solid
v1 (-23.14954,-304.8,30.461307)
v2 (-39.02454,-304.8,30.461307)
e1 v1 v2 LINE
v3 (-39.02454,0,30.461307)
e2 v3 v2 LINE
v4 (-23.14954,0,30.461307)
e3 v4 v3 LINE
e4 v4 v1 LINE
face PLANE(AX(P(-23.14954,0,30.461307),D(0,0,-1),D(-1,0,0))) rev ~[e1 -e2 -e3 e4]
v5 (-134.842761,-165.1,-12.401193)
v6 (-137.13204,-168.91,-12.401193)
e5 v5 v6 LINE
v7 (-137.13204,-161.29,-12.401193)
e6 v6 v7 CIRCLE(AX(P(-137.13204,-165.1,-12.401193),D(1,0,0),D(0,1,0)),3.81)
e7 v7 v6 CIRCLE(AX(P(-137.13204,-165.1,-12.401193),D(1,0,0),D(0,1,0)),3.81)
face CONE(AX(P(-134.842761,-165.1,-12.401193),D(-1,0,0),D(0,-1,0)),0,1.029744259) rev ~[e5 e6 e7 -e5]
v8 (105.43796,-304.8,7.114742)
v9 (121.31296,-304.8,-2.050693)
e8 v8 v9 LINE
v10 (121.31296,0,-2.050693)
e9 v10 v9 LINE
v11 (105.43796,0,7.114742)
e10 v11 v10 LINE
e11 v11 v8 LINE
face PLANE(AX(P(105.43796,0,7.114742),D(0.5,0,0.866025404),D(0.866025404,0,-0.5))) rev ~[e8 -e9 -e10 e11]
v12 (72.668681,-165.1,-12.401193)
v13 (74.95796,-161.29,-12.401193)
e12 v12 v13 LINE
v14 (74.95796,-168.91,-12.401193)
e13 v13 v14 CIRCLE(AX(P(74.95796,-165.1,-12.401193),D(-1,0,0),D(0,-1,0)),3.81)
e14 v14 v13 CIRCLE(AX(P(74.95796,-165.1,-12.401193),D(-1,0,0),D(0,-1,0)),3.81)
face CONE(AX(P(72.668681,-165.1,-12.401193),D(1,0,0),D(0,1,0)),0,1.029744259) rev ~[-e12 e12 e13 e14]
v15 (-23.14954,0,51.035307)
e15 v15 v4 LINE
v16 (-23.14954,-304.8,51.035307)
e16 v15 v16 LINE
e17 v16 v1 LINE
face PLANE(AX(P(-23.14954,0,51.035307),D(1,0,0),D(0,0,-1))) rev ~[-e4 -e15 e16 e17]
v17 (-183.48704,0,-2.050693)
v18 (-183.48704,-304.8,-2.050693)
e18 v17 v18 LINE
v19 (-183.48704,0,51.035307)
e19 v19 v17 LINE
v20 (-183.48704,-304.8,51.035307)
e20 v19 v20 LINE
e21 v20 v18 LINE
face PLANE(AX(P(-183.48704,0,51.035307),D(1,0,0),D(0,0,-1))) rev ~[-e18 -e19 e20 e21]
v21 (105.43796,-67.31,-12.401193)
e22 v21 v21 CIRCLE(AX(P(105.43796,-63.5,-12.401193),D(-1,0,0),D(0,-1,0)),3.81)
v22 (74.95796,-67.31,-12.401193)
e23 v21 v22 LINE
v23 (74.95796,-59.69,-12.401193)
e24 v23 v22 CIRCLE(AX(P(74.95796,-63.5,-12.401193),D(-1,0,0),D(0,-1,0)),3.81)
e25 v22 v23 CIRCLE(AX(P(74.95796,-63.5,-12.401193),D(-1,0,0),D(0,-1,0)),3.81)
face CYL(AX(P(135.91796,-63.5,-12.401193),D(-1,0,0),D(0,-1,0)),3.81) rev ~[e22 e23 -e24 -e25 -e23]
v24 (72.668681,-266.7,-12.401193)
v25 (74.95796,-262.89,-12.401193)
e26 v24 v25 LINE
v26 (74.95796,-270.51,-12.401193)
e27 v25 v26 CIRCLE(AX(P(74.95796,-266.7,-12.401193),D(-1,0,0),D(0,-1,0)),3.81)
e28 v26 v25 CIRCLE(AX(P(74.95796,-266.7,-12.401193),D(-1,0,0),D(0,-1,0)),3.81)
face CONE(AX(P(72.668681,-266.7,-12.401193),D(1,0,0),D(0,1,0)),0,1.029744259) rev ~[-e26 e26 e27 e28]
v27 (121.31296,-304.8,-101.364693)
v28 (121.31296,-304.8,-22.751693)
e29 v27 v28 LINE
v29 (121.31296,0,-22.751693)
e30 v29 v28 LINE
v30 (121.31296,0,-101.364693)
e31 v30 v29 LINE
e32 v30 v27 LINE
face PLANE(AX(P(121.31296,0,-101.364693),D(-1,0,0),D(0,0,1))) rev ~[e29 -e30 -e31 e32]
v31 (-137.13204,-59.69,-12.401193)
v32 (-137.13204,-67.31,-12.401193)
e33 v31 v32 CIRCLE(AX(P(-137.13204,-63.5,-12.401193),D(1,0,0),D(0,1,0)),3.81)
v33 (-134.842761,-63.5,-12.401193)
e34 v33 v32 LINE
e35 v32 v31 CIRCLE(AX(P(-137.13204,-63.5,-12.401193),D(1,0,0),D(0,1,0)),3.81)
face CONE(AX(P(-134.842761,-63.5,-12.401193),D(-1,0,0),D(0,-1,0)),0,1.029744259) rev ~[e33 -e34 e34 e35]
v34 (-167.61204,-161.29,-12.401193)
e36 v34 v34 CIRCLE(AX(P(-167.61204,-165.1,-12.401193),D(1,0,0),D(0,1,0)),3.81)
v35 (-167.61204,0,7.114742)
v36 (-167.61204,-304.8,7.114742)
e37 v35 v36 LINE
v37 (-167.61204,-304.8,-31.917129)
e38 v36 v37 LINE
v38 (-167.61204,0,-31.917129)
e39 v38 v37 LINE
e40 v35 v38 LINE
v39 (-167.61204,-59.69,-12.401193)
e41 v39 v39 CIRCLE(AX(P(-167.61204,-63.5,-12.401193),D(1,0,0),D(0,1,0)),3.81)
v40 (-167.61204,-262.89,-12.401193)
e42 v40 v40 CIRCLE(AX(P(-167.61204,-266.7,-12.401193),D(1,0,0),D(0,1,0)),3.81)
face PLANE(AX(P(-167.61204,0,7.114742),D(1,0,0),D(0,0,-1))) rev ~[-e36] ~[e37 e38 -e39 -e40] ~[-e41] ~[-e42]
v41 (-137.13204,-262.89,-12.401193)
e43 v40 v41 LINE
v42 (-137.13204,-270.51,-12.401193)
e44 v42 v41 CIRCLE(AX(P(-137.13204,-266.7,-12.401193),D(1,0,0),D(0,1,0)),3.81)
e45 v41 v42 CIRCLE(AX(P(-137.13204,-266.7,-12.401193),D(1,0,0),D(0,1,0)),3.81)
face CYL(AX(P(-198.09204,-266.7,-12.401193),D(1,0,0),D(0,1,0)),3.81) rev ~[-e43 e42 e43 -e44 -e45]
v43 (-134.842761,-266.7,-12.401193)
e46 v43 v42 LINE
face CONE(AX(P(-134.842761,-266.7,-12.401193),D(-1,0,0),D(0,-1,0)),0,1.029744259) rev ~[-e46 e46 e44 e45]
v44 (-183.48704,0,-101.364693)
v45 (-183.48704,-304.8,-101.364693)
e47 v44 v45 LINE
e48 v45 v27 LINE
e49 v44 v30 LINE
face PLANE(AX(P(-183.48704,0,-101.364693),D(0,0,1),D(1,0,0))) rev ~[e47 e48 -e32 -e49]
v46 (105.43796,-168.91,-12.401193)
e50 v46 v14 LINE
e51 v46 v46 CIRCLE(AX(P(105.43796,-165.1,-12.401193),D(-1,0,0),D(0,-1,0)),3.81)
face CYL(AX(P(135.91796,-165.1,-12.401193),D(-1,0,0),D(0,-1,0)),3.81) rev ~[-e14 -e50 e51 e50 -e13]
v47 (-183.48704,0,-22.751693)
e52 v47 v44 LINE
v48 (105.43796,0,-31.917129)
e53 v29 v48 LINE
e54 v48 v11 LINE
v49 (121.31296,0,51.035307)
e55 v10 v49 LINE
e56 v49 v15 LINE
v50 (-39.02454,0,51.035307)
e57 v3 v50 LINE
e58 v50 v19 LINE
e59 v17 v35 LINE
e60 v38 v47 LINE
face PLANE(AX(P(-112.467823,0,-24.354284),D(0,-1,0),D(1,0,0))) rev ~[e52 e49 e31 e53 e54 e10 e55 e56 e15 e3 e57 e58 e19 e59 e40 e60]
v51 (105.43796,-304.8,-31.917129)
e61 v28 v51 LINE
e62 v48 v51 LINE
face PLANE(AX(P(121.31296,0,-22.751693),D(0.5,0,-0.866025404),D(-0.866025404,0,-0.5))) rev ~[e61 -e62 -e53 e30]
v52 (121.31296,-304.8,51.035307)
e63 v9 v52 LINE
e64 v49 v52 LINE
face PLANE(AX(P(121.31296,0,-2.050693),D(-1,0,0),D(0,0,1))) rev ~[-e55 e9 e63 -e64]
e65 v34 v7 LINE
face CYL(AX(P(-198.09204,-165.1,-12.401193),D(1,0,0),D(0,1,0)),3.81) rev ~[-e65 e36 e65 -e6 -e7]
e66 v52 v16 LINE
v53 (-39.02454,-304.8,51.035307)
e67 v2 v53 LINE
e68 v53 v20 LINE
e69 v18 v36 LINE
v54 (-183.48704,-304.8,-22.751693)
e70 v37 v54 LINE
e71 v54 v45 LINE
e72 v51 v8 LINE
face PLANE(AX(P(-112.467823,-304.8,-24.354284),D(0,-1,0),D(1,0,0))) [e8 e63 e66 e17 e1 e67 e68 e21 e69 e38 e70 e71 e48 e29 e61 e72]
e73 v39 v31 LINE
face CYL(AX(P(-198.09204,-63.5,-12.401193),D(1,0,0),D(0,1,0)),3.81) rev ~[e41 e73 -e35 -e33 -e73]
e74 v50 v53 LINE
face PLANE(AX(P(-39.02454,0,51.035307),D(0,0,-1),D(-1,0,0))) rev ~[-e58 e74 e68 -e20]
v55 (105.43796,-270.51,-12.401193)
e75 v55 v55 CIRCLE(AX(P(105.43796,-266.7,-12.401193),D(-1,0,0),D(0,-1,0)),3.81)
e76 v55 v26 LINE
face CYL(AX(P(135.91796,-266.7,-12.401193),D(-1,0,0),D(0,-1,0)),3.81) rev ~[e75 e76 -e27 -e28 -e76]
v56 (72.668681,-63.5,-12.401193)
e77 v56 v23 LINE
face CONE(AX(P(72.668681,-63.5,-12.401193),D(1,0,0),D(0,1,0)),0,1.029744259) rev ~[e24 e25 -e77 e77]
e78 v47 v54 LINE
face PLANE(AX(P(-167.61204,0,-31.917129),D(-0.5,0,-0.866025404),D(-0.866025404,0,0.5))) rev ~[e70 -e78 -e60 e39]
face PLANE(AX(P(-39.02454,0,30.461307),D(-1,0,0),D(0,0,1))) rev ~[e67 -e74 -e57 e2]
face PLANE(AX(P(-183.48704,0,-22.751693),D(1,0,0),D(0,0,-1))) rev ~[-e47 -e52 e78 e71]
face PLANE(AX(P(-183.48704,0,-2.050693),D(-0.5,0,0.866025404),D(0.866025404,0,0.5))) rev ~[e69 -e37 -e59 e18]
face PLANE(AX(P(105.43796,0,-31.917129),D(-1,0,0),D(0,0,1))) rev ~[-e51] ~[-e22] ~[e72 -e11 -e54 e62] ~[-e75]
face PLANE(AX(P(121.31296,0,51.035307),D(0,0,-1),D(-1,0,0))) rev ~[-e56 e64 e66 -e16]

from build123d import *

# Parameters (mm, degrees)
F1_DEPTH = 304.8
F4_D     = 7.62
F4_DEPTH = 30.48
F4_TIP   = 2.2892789585
F5_D     = 7.62
F5_DEPTH = 30.48
F5_TIP   = 2.2892789585


with BuildPart() as f1:
    # F0 (on Front) → F1 (new body)
    with BuildSketch(Plane.XZ):
        Polygon((-39.024540448, 51.035306699), (-183.487040448, 51.035306699), (-183.487040448, -2.050693301), (-167.612040448, 7.1147422224), (-167.612040448, -31.9171288244), (-183.487040448, -22.751693301), (-183.487040448, -101.364693301), (-31.087040448, -101.364693301), (-31.087040448, 30.461306699), (-39.024540448, 30.461306699), align=None)
        Polygon((-23.149540448, 30.461306699), (-31.087040448, 30.461306699), (-31.087040448, -101.364693301), (121.312959552, -101.364693301), (121.312959552, -22.751693301), (105.437959552, -31.9171288244), (105.437959552, 7.1147422224), (121.312959552, -2.050693301), (121.312959552, 51.035306699), (-23.149540448, 51.035306699), align=None)
    extrude(amount=F1_DEPTH)

    # F4
    with Locations(Plane.YZ.offset(105.437959552)):
        with Locations((-63.5, -12.401193301), (-165.1, -12.401193301), (-266.7, -12.401193301)):
            Hole(F4_D / 2, depth=F4_DEPTH)
            with Locations((0, 0, -(F4_DEPTH + F4_TIP / 2))):  # 118° drill point
                Cone(0, F4_D / 2, F4_TIP, mode=Mode.SUBTRACT)

    # F5
    with Locations(Plane(origin=(-167.612040448, 0, 0), x_dir=(0, -1, 0), z_dir=(-1, 0, 0))):
        with Locations((63.5, -12.401193301), (165.1, -12.401193301), (266.7, -12.401193301)):
            Hole(F5_D / 2, depth=F5_DEPTH)
            with Locations((0, 0, -(F5_DEPTH + F5_TIP / 2))):  # 118° drill point
                Cone(0, F5_D / 2, F5_TIP, mode=Mode.SUBTRACT)


solid = f1.part
